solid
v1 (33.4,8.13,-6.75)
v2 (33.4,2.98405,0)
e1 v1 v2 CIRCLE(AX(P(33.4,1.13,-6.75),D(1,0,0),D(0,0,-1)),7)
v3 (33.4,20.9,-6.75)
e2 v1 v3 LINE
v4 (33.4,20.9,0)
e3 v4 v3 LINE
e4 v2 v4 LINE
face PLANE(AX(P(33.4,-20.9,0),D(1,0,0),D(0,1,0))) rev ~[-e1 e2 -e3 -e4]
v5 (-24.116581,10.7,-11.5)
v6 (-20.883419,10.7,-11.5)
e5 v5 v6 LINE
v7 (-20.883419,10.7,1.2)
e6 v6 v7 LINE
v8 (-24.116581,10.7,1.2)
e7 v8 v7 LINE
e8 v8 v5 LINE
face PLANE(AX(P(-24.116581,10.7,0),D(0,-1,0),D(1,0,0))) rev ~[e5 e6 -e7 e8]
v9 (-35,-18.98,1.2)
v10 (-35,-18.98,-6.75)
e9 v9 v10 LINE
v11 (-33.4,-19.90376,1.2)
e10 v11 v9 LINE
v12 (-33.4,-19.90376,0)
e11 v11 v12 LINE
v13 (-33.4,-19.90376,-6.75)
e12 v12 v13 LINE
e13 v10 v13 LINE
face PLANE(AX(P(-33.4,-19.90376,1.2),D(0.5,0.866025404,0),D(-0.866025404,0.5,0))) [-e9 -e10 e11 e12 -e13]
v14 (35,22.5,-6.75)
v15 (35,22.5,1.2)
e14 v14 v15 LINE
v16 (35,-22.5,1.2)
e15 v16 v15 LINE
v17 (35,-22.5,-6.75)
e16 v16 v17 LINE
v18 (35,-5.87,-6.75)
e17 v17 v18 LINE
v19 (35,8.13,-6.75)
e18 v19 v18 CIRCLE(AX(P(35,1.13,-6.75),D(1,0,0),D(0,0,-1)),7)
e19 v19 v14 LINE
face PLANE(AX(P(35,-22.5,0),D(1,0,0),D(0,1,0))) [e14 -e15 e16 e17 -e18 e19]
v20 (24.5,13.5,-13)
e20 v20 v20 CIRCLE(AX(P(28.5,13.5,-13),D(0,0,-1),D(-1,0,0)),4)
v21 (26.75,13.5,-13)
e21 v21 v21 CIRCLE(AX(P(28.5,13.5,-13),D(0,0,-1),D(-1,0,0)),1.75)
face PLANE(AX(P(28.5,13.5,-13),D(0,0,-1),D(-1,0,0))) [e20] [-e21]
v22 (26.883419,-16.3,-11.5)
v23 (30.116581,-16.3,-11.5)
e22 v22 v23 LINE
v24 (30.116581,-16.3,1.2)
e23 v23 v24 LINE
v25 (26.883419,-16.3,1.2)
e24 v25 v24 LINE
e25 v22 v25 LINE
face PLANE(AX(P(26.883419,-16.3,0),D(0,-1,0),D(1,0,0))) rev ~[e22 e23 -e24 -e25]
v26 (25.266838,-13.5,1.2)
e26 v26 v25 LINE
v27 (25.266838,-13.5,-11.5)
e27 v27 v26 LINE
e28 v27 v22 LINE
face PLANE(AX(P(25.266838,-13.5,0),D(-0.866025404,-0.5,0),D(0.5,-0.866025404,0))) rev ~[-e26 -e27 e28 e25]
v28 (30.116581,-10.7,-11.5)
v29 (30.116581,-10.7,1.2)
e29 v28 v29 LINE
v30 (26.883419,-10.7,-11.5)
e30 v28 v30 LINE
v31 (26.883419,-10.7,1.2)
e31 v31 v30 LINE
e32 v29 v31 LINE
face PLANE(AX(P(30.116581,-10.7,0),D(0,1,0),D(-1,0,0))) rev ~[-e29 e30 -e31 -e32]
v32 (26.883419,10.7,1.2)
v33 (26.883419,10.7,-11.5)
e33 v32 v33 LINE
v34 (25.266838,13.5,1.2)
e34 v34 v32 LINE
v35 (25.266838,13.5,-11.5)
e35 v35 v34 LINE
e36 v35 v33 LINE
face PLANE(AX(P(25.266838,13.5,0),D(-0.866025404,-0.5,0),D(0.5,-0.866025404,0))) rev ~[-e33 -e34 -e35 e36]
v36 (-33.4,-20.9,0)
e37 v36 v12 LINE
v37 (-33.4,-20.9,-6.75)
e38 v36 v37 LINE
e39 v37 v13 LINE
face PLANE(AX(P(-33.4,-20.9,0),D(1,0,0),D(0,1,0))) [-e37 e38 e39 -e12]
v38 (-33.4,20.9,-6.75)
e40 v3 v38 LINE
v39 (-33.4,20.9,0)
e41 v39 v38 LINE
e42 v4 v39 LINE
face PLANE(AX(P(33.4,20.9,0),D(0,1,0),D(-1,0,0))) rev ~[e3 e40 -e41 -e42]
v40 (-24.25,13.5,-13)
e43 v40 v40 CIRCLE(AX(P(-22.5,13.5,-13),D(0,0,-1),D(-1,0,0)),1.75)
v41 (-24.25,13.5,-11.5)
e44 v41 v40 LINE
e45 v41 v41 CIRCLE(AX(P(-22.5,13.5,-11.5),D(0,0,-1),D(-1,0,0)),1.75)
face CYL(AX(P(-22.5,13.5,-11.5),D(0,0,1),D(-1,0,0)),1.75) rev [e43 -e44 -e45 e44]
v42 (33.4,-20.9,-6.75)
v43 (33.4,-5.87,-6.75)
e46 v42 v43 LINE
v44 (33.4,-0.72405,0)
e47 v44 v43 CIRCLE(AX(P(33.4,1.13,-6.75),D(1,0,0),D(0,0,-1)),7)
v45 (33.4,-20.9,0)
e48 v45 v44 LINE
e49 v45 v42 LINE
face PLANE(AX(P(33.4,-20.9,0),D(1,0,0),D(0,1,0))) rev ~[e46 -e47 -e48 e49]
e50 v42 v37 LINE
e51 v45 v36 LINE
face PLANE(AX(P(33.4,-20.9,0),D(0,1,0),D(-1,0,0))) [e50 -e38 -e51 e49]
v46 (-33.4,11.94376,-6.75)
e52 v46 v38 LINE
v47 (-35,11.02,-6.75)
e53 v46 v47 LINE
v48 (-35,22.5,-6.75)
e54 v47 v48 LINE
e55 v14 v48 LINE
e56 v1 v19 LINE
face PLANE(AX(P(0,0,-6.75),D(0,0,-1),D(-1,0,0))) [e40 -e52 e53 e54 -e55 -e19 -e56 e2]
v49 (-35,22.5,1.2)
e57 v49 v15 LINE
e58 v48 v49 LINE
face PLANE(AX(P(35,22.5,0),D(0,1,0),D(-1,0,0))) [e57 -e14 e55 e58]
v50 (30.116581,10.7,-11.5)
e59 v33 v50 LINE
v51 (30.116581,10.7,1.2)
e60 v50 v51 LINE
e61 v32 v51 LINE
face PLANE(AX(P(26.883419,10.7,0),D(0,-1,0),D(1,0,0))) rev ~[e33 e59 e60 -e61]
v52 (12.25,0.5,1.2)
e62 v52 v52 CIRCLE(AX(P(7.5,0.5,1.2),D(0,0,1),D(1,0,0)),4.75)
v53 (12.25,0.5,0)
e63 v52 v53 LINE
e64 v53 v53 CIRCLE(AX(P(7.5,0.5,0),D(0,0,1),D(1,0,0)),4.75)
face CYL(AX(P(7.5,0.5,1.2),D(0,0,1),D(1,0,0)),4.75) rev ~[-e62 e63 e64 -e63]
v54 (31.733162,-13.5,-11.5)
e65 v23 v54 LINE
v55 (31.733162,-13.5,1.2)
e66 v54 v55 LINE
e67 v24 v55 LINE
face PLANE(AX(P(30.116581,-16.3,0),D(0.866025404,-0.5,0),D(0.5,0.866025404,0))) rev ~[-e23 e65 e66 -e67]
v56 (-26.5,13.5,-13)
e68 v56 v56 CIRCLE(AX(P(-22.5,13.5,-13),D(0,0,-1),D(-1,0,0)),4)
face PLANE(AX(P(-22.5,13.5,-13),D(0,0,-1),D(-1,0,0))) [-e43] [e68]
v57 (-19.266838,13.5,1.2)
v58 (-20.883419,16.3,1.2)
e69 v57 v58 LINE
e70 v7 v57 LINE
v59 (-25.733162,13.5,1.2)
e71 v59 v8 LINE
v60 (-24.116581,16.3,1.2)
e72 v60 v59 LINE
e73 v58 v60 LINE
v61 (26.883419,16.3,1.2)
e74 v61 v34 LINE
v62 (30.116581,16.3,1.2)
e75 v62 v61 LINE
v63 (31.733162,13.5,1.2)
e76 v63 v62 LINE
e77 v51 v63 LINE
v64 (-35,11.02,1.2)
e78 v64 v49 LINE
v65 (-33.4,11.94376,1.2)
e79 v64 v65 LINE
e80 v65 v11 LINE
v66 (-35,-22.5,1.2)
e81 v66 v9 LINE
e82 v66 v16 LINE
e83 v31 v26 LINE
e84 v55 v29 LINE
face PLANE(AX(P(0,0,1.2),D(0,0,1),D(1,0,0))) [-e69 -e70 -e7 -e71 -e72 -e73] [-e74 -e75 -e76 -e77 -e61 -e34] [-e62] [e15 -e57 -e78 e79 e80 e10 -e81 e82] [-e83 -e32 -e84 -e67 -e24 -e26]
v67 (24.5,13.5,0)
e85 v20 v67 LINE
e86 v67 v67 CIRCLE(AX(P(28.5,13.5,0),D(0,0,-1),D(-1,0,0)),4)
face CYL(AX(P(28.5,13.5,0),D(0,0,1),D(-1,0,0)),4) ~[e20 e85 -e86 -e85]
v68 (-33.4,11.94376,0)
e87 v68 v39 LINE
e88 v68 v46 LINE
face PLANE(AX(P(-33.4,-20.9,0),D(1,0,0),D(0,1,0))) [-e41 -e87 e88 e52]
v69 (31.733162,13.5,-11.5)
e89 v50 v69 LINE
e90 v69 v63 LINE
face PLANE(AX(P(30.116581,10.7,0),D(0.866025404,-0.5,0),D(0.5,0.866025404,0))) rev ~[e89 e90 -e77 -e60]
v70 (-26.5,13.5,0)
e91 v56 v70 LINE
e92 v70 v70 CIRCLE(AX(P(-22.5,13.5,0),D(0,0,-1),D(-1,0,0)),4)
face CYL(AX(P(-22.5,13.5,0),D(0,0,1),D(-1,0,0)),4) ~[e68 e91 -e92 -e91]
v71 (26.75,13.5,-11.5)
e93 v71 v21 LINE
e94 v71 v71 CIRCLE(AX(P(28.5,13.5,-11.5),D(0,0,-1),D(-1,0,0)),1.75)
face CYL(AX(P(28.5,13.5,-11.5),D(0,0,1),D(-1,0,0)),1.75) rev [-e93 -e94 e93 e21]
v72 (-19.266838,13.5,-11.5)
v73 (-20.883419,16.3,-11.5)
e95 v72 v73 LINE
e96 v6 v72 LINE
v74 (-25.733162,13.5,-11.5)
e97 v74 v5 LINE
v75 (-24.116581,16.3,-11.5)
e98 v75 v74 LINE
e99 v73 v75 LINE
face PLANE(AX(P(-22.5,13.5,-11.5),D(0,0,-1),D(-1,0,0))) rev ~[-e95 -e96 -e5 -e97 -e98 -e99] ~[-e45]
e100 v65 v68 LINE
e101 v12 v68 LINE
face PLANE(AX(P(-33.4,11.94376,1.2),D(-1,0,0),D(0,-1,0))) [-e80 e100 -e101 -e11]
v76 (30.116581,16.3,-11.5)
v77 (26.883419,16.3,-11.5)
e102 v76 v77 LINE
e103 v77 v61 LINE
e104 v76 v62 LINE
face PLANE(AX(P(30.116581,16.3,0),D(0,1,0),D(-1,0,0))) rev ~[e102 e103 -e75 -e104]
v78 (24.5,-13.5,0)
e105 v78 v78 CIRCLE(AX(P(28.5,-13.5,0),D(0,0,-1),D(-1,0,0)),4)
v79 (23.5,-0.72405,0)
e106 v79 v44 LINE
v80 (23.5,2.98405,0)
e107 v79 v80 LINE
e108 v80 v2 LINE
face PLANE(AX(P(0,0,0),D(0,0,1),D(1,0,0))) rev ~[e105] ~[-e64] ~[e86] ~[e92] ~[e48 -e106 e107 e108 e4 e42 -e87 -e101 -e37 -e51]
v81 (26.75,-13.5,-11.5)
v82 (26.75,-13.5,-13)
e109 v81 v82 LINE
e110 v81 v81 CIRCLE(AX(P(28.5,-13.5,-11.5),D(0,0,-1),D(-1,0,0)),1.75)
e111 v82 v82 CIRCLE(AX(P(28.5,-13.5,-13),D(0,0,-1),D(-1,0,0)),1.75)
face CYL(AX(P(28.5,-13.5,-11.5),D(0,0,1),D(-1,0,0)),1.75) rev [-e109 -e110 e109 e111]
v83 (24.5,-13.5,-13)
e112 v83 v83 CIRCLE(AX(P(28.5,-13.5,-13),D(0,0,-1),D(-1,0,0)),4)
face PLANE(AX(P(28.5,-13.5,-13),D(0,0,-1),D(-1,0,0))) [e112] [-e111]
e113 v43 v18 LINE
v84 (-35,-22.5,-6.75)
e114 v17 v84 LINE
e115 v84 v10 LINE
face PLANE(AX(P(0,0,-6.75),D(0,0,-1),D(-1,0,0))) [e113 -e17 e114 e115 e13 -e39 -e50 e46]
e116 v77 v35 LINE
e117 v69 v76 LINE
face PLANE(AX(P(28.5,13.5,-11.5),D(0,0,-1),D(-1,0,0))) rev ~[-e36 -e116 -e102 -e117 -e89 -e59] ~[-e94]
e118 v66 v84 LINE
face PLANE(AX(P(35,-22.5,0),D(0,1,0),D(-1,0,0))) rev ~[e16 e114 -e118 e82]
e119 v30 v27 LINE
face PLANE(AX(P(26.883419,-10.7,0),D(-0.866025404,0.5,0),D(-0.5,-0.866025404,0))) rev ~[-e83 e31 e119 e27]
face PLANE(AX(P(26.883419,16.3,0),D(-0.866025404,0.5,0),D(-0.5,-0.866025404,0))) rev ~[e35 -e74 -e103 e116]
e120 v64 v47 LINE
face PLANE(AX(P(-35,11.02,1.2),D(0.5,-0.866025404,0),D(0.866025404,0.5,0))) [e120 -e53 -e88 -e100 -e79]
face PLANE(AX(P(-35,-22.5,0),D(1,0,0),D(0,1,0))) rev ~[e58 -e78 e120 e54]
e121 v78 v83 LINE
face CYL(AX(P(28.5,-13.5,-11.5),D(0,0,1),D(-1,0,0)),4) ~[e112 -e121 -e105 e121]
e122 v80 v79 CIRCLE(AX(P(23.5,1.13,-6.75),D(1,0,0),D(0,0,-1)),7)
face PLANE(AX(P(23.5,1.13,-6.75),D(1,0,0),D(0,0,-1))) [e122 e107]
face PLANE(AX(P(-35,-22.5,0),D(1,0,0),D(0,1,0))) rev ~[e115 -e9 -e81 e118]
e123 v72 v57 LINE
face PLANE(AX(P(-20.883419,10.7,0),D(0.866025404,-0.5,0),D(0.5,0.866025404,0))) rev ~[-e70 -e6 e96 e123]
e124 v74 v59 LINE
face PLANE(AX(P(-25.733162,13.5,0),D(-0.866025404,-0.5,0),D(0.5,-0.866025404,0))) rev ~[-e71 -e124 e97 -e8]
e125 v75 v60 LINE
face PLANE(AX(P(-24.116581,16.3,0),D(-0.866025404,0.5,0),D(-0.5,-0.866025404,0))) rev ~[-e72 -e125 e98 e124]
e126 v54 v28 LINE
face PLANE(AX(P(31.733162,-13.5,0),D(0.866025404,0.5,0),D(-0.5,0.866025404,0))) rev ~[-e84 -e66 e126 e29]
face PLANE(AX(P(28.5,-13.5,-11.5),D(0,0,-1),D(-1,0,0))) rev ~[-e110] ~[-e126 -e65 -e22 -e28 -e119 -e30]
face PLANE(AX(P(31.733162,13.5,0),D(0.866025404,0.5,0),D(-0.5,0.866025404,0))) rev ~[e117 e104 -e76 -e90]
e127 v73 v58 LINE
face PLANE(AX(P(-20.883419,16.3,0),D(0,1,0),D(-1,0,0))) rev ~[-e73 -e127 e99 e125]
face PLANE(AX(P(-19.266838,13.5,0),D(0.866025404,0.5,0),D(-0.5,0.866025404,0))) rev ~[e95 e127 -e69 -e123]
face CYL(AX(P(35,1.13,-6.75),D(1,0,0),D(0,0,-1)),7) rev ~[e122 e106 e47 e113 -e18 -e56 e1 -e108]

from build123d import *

# Parameters (mm, degrees)
SKETCH1_W           = 70
SKETCH1_H           = 45
BOSS_EXTRUDE1_DEPTH = 1.2
CUT_EXTRUDE1_DEPTH  = 11.2
SKETCH3_W           = 70
SKETCH3_H           = 45
SKETCH3_W_2         = 66.8
SKETCH3_H_2         = 41.8
BOSS_EXTRUDE2_DEPTH = 6.75
SKETCH4_R           = 4
BOSS_EXTRUDE3_DEPTH = 11.5
SKETCH5_R           = 4
SKETCH5_R_2         = 1.75
BOSS_EXTRUDE4_DEPTH = 1.5
SKETCH6_R           = 7
CUT_EXTRUDE2_DEPTH  = 11.5
CUT_EXTRUDE3_DEPTH  = 10
SKETCH8_R           = 4.75
CUT_EXTRUDE4_DEPTH  = 10


with BuildPart() as part:
    # Sketch1 → Boss-Extrude1 (new body)
    with BuildSketch(Plane.XY):
        Rectangle(SKETCH1_W, SKETCH1_H)
    extrude(amount=BOSS_EXTRUDE1_DEPTH)

    # Sketch2 → Cut-Extrude1 (cut)
    with BuildSketch(Plane.XY.offset(1.2)):
        Polygon((-20.883419246, 10.7), (-19.266838493, 13.5), (-20.883419246, 16.3), (-24.116580754, 16.3), (-25.733161507, 13.5), (-24.116580754, 10.7), align=None)
        Polygon((26.883419246, 10.7), (30.116580754, 10.7), (31.733161507, 13.5), (30.116580754, 16.3), (26.883419246, 16.3), (25.266838493, 13.5), align=None)
        Polygon((26.883419246, -16.3), (30.116580754, -16.3), (31.733161507, -13.5), (30.116580754, -10.7), (26.883419246, -10.7), (25.266838493, -13.5), align=None)
    extrude(amount=-CUT_EXTRUDE1_DEPTH, mode=Mode.SUBTRACT)

    # Sketch3 → Boss-Extrude2 (add)
    with BuildSketch(Plane(origin=(0, 0, 0), x_dir=(-1, 0, 0), z_dir=(0, 0, -1))):
        Rectangle(SKETCH3_W, SKETCH3_H)
        Rectangle(SKETCH3_W_2, SKETCH3_H_2, mode=Mode.SUBTRACT)
    extrude(amount=BOSS_EXTRUDE2_DEPTH)

    # Sketch4 → Boss-Extrude3 (add)
    with BuildSketch(Plane(origin=(0, 0, 0), x_dir=(-1, 0, 0), z_dir=(0, 0, -1))):
        with Locations((-28.5, 13.5)):
            Circle(SKETCH4_R)
        Polygon((-26.883419246, 10.7), (-30.116580754, 10.7), (-31.733161507, 13.5), (-30.116580754, 16.3), (-26.883419246, 16.3), (-25.266838493, 13.5), align=None, mode=Mode.SUBTRACT)
        with Locations((-28.5, -13.5)):
            Circle(SKETCH4_R)
        Polygon((-26.883419246, -10.7), (-25.266838493, -13.5), (-26.883419246, -16.3), (-30.116580754, -16.3), (-31.733161507, -13.5), (-30.116580754, -10.7), align=None, mode=Mode.SUBTRACT)
        with Locations((22.5, 13.5)):
            Circle(SKETCH4_R)
        Polygon((24.116580754, 10.7), (20.883419246, 10.7), (19.266838493, 13.5), (20.883419246, 16.3), (24.116580754, 16.3), (25.733161507, 13.5), align=None, mode=Mode.SUBTRACT)
    extrude(amount=BOSS_EXTRUDE3_DEPTH)

    # Sketch5 → Boss-Extrude4 (add)
    with BuildSketch(Plane(origin=(0, 0, -11.5), x_dir=(-1, 0, 0), z_dir=(0, 0, -1))):
        with Locations((-28.5, -13.5)):
            Circle(SKETCH5_R)
        with Locations((-28.5, -13.5)):
            Circle(SKETCH5_R_2, mode=Mode.SUBTRACT)
        with Locations((22.5, 13.5)):
            Circle(SKETCH5_R)
        with Locations((22.5, 13.5)):
            Circle(SKETCH5_R_2, mode=Mode.SUBTRACT)
        with Locations((-28.5, 13.5)):
            Circle(SKETCH5_R)
        with Locations((-28.5, 13.5)):
            Circle(SKETCH5_R_2, mode=Mode.SUBTRACT)
    extrude(amount=BOSS_EXTRUDE4_DEPTH)

    # Sketch6 → Cut-Extrude2 (cut)
    with BuildSketch(Plane(origin=(35, 0, 0), x_dir=(0, 0, -1), z_dir=(1, 0, 0))):
        with Locations((6.75, 1.13)):
            Circle(SKETCH6_R)
    extrude(amount=-CUT_EXTRUDE2_DEPTH, mode=Mode.SUBTRACT)

    # Sketch7 → Cut-Extrude3 (cut)
    with BuildSketch(Plane.XY.offset(1.2)):
        Polygon((-35, 11.02), (-33.4, 11.943760431), (-33.4, -19.903760431), (-35, -18.98), align=None)
    extrude(amount=-CUT_EXTRUDE3_DEPTH, mode=Mode.SUBTRACT)

    # Sketch8 → Cut-Extrude4 (cut)
    with BuildSketch(Plane.XY.offset(1.2)):
        with Locations((7.5, 0.5)):
            Circle(SKETCH8_R)
    extrude(amount=-CUT_EXTRUDE4_DEPTH, mode=Mode.SUBTRACT)


solid = part.part
